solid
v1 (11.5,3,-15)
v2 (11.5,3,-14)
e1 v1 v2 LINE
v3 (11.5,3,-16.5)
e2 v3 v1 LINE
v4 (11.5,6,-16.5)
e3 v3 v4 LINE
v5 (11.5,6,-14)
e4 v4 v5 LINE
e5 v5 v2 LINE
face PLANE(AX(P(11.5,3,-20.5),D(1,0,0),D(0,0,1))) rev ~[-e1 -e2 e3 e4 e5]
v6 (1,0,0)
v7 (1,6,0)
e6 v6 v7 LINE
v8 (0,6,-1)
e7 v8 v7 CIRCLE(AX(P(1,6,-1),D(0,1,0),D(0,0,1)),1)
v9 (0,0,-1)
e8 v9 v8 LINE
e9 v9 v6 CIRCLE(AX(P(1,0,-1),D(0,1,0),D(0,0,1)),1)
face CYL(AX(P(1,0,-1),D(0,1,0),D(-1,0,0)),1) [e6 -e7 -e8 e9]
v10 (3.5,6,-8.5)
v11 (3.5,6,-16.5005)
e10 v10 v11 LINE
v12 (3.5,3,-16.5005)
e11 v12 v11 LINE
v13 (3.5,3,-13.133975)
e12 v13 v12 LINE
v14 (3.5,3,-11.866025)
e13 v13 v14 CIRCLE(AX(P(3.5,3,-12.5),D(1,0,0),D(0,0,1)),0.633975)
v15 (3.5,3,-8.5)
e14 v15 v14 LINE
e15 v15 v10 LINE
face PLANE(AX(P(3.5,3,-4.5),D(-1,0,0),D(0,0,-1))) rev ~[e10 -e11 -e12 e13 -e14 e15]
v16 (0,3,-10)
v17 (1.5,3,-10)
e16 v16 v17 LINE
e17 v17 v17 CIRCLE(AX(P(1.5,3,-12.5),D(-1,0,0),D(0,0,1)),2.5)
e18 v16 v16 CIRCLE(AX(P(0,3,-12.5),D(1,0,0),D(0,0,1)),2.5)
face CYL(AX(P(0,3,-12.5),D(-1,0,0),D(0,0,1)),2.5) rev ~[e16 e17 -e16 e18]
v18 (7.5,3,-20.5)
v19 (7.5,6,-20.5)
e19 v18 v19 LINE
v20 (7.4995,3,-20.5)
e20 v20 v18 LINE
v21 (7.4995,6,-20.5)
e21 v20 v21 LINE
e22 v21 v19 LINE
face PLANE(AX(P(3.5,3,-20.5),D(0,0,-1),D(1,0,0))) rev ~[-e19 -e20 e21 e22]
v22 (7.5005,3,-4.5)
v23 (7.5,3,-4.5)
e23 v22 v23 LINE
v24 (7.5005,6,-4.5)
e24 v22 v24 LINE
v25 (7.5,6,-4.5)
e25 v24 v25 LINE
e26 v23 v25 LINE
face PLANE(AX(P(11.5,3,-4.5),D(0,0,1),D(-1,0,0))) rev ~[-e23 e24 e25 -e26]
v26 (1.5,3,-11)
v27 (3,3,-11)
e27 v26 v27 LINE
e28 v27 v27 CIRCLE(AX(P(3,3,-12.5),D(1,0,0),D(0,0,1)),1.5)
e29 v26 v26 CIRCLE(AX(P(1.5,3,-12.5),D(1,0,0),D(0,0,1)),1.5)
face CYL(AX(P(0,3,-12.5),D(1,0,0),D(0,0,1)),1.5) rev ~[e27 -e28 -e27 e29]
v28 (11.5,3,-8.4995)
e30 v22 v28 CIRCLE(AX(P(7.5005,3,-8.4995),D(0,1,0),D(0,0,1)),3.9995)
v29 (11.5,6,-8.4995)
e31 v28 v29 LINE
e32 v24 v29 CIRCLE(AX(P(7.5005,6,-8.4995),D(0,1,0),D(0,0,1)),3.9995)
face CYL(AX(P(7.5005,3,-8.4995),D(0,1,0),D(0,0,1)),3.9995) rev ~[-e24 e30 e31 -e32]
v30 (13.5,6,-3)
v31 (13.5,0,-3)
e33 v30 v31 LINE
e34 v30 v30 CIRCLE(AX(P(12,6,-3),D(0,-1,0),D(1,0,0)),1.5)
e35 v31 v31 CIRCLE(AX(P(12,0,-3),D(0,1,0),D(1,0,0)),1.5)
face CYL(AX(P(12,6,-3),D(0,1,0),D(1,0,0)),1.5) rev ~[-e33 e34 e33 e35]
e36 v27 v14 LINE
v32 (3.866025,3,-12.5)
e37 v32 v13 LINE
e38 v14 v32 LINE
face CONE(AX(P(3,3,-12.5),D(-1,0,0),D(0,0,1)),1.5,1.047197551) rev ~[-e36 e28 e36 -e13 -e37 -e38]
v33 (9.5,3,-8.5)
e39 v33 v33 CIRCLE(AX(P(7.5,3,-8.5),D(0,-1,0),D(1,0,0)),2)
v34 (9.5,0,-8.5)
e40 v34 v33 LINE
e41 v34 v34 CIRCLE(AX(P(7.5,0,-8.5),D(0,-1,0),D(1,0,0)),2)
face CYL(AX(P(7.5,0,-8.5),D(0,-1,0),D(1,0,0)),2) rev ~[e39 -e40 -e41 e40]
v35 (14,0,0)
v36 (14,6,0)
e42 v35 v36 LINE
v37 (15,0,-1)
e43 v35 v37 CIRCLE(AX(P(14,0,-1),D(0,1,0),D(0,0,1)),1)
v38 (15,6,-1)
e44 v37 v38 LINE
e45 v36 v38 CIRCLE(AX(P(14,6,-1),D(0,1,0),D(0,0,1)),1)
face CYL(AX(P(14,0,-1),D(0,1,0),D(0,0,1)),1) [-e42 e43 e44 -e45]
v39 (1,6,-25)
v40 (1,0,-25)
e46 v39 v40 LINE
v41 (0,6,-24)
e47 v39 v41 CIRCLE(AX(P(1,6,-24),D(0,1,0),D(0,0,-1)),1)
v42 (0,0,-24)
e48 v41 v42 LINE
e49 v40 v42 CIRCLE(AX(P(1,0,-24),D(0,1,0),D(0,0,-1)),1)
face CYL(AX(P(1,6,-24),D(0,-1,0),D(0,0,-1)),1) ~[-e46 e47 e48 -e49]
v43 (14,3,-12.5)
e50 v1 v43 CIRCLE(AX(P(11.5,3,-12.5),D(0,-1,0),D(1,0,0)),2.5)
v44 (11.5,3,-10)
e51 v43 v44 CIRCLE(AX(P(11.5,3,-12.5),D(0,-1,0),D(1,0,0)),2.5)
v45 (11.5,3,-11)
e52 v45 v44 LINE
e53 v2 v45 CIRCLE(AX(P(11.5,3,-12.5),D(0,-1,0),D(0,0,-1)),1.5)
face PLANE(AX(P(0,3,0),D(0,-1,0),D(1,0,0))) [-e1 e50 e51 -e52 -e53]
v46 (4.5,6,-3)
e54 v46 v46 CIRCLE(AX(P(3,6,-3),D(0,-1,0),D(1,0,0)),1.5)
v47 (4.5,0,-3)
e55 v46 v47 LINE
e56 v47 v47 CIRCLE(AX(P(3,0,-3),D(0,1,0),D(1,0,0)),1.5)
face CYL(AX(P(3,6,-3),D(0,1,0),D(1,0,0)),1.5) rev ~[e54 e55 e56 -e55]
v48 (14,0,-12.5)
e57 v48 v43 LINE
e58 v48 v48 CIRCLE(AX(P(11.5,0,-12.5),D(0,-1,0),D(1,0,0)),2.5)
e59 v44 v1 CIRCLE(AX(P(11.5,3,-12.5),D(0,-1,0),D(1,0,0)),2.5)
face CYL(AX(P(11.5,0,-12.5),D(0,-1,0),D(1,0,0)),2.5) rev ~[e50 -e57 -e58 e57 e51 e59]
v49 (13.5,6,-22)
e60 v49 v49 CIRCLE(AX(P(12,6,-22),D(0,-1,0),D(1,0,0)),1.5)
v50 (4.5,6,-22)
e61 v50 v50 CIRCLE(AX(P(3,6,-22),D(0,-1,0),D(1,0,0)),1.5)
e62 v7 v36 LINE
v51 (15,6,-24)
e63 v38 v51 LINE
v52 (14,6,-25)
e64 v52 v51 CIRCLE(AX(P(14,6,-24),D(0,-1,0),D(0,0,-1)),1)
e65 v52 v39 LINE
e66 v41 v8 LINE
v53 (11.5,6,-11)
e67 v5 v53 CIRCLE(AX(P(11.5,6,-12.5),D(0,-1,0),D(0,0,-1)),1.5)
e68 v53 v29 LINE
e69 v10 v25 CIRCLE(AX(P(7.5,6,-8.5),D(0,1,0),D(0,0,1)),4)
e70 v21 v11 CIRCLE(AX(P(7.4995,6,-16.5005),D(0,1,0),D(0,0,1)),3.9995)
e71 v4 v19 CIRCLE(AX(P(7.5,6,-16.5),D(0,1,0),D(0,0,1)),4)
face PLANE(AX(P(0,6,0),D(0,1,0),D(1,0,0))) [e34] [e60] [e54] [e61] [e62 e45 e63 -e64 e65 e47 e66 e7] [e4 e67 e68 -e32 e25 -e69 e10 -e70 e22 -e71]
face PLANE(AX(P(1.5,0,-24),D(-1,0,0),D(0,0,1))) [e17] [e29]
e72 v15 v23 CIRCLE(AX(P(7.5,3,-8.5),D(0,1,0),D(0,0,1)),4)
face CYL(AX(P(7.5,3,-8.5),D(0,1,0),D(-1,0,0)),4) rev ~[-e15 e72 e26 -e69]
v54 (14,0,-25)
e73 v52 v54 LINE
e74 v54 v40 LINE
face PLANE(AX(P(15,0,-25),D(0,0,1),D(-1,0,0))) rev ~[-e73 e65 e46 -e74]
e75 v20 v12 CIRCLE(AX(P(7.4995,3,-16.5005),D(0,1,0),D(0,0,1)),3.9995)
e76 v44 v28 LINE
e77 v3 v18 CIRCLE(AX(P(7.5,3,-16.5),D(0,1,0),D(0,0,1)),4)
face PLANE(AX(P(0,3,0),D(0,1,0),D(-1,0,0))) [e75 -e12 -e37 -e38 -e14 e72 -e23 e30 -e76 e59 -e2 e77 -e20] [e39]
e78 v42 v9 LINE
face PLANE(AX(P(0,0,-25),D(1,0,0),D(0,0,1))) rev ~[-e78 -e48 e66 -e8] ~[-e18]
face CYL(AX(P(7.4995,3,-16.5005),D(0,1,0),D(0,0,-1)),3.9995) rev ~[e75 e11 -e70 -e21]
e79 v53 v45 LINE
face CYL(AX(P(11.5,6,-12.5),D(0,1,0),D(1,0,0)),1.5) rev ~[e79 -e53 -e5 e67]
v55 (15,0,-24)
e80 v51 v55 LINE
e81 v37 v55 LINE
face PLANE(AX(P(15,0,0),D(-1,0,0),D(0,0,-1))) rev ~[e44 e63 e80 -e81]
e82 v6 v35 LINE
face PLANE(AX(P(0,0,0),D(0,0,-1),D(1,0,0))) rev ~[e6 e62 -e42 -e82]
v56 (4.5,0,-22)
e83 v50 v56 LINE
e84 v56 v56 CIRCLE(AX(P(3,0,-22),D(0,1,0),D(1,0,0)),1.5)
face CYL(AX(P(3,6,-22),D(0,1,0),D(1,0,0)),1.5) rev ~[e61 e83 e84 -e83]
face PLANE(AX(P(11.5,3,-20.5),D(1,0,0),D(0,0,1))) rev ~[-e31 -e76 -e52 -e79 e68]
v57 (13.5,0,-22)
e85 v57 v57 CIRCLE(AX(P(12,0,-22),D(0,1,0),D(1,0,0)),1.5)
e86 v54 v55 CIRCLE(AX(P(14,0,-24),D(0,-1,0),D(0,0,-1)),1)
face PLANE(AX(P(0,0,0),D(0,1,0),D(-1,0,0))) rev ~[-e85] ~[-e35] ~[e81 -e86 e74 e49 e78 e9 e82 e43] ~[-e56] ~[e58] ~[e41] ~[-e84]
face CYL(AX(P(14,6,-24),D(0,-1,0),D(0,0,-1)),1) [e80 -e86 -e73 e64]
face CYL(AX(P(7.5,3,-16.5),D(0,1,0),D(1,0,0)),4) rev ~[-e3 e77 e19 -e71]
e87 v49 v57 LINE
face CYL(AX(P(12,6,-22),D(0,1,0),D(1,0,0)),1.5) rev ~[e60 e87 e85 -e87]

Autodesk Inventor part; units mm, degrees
ref_plane "YZ Plane" through (0, 0, 0) normal (1, 0, 0) x (0, 1, 0)
ref_plane "XZ Plane" through (0, 0, 0) normal (0, 1, 0) x (-1, 0, 0)
ref_plane "XY Plane" through (0, 0, 0) normal (0, 0, 1) x (1, 0, 0)
sketch "Szkic1" plane through (0, 0, 0) normal (0, 1, 0) x (-1, 0, 0)
  line L0 (0, 0) -> (-15, 0)
  line L1 (-15, 0) -> (-15, -25)
  line L2 (-15, -25) -> (0, -25)
  line L3 (0, -25) -> (0, 0)
  dimension "d0" = 15
  dimension "d1" = 25
extrude "Wyciągnięcie proste1" add sketch "Szkic1" along normal blind 3
sketch "Szkic2" plane through (0, 3, 0) normal (0, 1, 0) x (1, 0, 0)
  line L0 (0, 25) -> (0, 0) projected
  line L1 (0, 0) -> (15, 0) projected
  line L2 (0, 0) -> (15, 0)
  line L3 (15, 0) -> (15, 25) projected
  line L4 (15, 0) -> (15, 25)
  line L5 (15, 25) -> (0, 25)
  line L6 (0, 25) -> (0, 0)
  line L7 (3.5, 4.5) -> (3.5, 20.5)
  line L8 (3.5, 20.5) -> (11.5, 20.5)
  line L9 (11.5, 20.5) -> (11.5, 4.5)
  line L10 (11.5, 4.5) -> (3.5, 4.5)
  dimension "d4" = 16
  dimension "d5" = 8
  dimension "d6" = 16
extrude "Wyciągnięcie proste2" add sketch "Szkic2" along normal blind 3
fillet "Zaokrąglenie1" radius 4 1 edges at (11.5, 4.5, -20.5)
fillet "Zaokrąglenie2" radius 4 1 edges at (3.5, 4.5, -20.5)
fillet "Zaokrąglenie3" radius 4 1 edges at (3.5, 4.5, -4.5)
fillet "Zaokrąglenie4" radius 4 1 edges at (11.5, 4.5, -4.5)
fillet "Zaokrąglenie5" radius 1 1 edges at (15, 3, -25)
fillet "Zaokrąglenie6" radius 1 1 edges at (0, 3, -25)
fillet "Zaokrąglenie7" radius 1 1 edges at (0, 3, 0)
fillet "Zaokrąglenie8" radius 1 1 edges at (15, 3, 0)
sketch "Szkic3" plane through (0, 6, 0) normal (0, 1, 0) x (1, 0, 0)
  line L0 (3, 3) -> (3, 22)
  line L1 (3, 22) -> (12, 22)
  line L2 (12, 22) -> (12, 3)
  line L3 (12, 3) -> (3, 3)
  circle A0 centre (3, 3) radius 1.5
  circle A1 centre (12, 3) radius 1.5
  circle A2 centre (12, 22) radius 1.5
  circle A3 centre (3, 22) radius 1.5
  point P0 (0, 0)
  dimension "d17" = 19
  dimension "d18" = 9
  dimension "d19" = 19
  dimension "d20" = 3
  dimension "d21" = 3
  dimension "d22" = 3
  dimension "d23" = 3
extrude "Wyciągnięcie proste3" cut sketch "Szkic3" against normal blind 6 contours L3 A0 L0 | L0 A0 L3 | A3 L1 L0 | L0 L1 A3 | A1 L2 L3 | L3 L2 A1 | A2 L2 L1 | L1 L2 A2
sketch "Szkic6" plane through (0, 0, 0) normal (0, -1, 0) x (1, 0, 0)
  circle A0 centre (11.5, -12.5) radius 2.5
  point P0 (0, 0)
  dimension "d27" = 5
extrude "Wyciągnięcie proste4" cut sketch "Szkic6" against normal blind 3
sketch "Szkic7" plane through (0, 6, 0) normal (0, 1, 0) x (1, 0, 0)
  line L0 (11.5, 16.5) -> (11.5, 8.5) projected
  circle A0 centre (11.5, 12.5) radius 1.5
  point P0 (0, 0)
  point P1 (11.5, 14)
  point P2 (11.5, 11)
  dimension "d30" = 3
extrude "Wyciągnięcie proste5" cut sketch "Szkic7" against normal blind 3 contours A0 L0 picked at (11.9875, 12.6113)
sketch "Szkic8" plane through (0, 0, 0) normal (0, -1, 0) x (1, 0, 0)
  circle A0 centre (7.5, -8.5) radius 2
  point P0 (0, 0)
  dimension "d33" = 4
extrude "Wyciągnięcie proste6" cut sketch "Szkic8" against normal blind 3
sketch "Szkic11" plane through (0, 0, -24) normal (-1, 0, 0) x (0, 0, 1)
  line L0 (24, 6) -> (24, 0) projected
  line L1 (24, 3) -> (-1, 3)
  line L2 (-1, 6) -> (-1, 0) projected
  line L3 (7.5, 3) -> (15.5, 3) projected
  line L4 (11.5, 3) -> (11.5, 6)
  line L5 (10, 6) -> (13, 6) projected
  line L6 (11.5, 3) -> (11.5, 0)
hole "Otwór1" at (0, 3, -12.5) direction (1, 0, 0) diameter 3 depth 3 tip angle 120
sketch "Szkic13" plane through (0, 0, -24) normal (-1, 0, 0) x (0, 0, 1)
  line L0 (9, 3) -> (14, 3) projected
  circle A0 centre (11.5, 3) radius 2.5
  line L1 (14, 0) -> (14, 3) projected
  point P0 (24, 0)
extrude "Wyciągnięcie proste7" cut sketch "Szkic13" against normal blind 1.5
